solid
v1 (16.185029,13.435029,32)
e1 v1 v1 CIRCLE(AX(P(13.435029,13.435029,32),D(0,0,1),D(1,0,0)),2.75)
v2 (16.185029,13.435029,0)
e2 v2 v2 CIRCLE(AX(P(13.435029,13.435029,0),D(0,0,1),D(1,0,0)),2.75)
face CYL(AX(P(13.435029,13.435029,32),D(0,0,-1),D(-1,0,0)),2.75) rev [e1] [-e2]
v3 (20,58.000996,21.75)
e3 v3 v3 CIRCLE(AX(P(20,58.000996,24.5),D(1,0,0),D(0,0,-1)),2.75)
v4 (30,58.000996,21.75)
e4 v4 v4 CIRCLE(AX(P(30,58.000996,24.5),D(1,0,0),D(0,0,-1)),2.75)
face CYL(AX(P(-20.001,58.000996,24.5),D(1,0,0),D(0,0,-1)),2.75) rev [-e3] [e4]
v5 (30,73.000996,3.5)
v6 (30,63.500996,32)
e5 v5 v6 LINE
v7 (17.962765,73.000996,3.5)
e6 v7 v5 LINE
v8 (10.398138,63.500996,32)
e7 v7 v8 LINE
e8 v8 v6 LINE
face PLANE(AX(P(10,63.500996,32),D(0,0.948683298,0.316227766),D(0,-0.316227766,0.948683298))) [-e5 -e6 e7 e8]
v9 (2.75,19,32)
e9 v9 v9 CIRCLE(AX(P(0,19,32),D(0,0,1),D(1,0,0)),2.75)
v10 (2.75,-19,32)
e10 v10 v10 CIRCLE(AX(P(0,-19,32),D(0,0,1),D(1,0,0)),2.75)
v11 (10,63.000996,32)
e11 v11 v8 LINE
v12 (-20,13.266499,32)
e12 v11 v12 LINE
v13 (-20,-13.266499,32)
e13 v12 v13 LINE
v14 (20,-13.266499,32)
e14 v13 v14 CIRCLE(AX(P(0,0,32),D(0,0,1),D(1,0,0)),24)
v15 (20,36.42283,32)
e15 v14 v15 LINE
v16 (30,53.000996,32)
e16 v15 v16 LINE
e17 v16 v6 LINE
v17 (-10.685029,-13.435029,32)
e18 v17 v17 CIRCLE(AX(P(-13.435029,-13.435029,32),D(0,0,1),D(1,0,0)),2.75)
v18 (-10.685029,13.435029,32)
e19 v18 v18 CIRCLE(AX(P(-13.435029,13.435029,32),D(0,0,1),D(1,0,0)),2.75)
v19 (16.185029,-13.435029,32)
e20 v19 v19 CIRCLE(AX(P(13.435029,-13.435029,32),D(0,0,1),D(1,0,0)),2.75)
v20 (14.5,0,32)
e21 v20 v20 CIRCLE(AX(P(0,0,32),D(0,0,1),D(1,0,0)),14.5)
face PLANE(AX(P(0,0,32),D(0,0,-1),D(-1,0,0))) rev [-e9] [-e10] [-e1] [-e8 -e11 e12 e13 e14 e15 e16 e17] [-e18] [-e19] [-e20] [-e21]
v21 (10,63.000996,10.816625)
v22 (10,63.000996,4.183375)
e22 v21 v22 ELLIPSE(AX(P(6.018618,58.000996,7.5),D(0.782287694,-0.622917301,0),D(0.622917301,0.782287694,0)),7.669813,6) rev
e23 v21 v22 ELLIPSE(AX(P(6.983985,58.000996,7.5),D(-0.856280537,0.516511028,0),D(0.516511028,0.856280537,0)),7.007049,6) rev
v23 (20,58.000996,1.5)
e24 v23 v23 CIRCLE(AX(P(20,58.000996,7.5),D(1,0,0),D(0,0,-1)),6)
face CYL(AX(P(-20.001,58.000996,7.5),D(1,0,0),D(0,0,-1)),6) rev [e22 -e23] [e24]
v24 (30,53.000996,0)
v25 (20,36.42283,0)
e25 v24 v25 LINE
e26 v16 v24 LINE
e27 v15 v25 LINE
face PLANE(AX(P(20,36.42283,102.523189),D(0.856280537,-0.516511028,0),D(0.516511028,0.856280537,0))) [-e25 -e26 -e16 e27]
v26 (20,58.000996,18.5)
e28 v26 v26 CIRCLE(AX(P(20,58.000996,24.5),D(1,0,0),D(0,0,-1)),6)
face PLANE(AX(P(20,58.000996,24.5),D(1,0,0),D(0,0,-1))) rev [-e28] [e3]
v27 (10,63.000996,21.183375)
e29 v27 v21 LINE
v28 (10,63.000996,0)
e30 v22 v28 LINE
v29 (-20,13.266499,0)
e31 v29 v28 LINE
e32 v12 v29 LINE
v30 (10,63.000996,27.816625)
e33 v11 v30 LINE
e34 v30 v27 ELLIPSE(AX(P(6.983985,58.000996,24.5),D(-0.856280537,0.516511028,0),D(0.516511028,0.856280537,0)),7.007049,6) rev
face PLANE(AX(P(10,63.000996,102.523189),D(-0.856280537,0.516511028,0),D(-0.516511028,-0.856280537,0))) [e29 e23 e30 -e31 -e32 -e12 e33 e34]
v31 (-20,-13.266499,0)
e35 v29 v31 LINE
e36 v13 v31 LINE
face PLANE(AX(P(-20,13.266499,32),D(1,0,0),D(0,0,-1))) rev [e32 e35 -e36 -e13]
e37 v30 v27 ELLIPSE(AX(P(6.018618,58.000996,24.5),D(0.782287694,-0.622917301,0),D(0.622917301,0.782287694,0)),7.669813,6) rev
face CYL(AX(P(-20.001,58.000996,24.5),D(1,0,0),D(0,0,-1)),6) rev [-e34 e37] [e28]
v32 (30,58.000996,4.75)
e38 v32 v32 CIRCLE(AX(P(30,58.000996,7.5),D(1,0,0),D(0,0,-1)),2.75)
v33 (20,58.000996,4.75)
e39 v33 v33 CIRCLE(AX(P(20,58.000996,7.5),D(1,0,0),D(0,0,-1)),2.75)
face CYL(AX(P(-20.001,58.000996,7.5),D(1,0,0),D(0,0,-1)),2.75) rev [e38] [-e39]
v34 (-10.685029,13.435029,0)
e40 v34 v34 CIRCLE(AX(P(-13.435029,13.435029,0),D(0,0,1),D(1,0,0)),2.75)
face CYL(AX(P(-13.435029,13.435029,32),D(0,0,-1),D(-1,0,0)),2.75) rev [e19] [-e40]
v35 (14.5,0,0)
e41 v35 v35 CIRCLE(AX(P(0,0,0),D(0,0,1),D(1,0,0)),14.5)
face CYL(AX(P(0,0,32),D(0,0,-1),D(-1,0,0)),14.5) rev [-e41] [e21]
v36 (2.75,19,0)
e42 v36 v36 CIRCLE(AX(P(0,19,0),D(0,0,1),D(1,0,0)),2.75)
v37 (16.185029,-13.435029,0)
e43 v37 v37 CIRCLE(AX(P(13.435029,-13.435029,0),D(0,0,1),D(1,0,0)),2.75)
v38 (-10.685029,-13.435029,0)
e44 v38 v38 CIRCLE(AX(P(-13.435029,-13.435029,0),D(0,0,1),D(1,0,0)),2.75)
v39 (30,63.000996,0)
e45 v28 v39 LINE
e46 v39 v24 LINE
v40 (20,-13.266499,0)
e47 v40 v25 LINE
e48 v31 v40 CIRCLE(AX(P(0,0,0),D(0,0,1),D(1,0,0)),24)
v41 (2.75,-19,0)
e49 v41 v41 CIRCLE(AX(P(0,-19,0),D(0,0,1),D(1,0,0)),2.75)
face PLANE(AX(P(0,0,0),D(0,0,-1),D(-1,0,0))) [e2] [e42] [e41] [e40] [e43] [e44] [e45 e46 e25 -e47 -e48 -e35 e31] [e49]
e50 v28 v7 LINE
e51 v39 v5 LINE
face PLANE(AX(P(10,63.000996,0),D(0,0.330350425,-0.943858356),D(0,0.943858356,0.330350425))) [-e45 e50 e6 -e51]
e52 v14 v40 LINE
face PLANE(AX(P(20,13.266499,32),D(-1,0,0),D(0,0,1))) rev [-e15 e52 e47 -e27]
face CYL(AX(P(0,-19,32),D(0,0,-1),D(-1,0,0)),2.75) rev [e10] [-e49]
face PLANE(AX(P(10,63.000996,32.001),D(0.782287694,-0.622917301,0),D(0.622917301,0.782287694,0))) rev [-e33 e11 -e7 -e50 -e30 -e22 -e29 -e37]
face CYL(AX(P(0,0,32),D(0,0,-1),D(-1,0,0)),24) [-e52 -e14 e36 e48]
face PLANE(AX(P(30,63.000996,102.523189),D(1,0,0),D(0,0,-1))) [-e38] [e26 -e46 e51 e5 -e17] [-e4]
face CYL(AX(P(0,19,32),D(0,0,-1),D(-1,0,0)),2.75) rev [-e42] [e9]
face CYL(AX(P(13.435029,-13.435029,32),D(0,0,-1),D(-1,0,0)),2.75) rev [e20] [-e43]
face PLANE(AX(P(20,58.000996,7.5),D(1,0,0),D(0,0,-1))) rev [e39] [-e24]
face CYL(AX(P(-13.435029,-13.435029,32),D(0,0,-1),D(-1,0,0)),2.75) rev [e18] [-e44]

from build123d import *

# Parameters (mm, degrees)
ESQUISSE2_R             = 2.75
ESQUISSE2_R_2           = 14.5
BOSS_EXTRU_1_DEPTH      = 32
BOSS_EXTRU_4_DEPTH      = 32
ENL_V_MAT_EXTRU_3_REACH = 88.563
ESQUISSE10_R            = 2.75
BOSS_EXTRU_6_DEPTH      = 20
ENL_V_MAT_EXTRU_4_REACH = 87.165
ENL_V_MAT_EXTRU_5_REACH = 91.18
ESQUISSE13_R            = 6


with BuildPart() as part:
    # Esquisse2 → Boss.-Extru.1 (new body)
    with BuildSketch(Plane.XY):
        with BuildLine():
            Line((20, 13.266499161), (20, -13.266499161))
            ThreePointArc((20, -13.266499161), (0, -24), (-20, -13.266499161))
            Line((-20, -13.266499161), (-20, 13.266499161))
            ThreePointArc((-20, 13.266499161), (0, 24), (20, 13.266499161))
        make_face()
        with Locations((0, 19)):
            Circle(ESQUISSE2_R, mode=Mode.SUBTRACT)
        with Locations((-13.435028843, 13.435028843)):
            Circle(ESQUISSE2_R, mode=Mode.SUBTRACT)
        with Locations((13.435028843, 13.435028843)):
            Circle(ESQUISSE2_R, mode=Mode.SUBTRACT)
        with Locations((0, -19)):
            Circle(ESQUISSE2_R, mode=Mode.SUBTRACT)
        with Locations((13.435028843, -13.435028843)):
            Circle(ESQUISSE2_R, mode=Mode.SUBTRACT)
        with Locations((-13.435028843, -13.435028843)):
            Circle(ESQUISSE2_R, mode=Mode.SUBTRACT)
        Circle(ESQUISSE2_R_2, mode=Mode.SUBTRACT)
    extrude(amount=BOSS_EXTRU_1_DEPTH)

    # Esquisse7 → Boss.-Extru.4 (add)
    with BuildSketch(Plane(origin=(0, 0, 0), x_dir=(-1, 0, 0), z_dir=(0, 0, -1))):
        with BuildLine():
            Line((-10, 63.000996071), (20, 13.266499161))
            ThreePointArc((20, 13.266499161), (0, 24), (-20, 13.266499161))
            Line((-20, 13.266499161), (-20, 36.422830435))
            Line((-20, 36.422830435), (-30, 53.000996071))
            Line((-30, 53.000996071), (-30, 63.000996071))
            Line((-30, 63.000996071), (-10, 63.000996071))
        make_face()
    extrude(amount=-BOSS_EXTRU_4_DEPTH)

    # Enlèv. mat.-Extru.3: up to this plane
    enl_v_mat_extru_3_end = Plane(origin=(10, 63.000996071, 102.523188973), z_dir=(-0.8562805371039014, 0.5165110277400223, 0))
    # Esquisse10 → Enlèv. mat.-Extru.3 (cut, up to the surface)
    with BuildSketch(Plane(origin=(30, 0, 0), x_dir=(0, 0, -1), z_dir=(1, 0, 0)), mode=Mode.PRIVATE) as enl_v_mat_extru_3_sk1:
        with Locations((-24.5, 58.000996071)):
            Circle(ESQUISSE10_R)
    enl_v_mat_extru_3_tool1 = split(extrude(enl_v_mat_extru_3_sk1.sketch, amount=-ENL_V_MAT_EXTRU_3_REACH, mode=Mode.PRIVATE), bisect_by=enl_v_mat_extru_3_end, keep=Keep.BOTH, mode=Mode.PRIVATE)
    add(enl_v_mat_extru_3_tool1.solids().sort_by_distance((30, 58.000996, 24.5))[0], mode=Mode.SUBTRACT)
    # Esquisse10 → Enlèv. mat.-Extru.3 (cut, up to the surface)
    with BuildSketch(Plane(origin=(30, 0, 0), x_dir=(0, 0, -1), z_dir=(1, 0, 0)), mode=Mode.PRIVATE) as enl_v_mat_extru_3_sk2:
        with Locations((-7.5, 58.000996071)):
            Circle(ESQUISSE10_R)
    enl_v_mat_extru_3_tool2 = split(extrude(enl_v_mat_extru_3_sk2.sketch, amount=-ENL_V_MAT_EXTRU_3_REACH, mode=Mode.PRIVATE), bisect_by=enl_v_mat_extru_3_end, keep=Keep.BOTH, mode=Mode.PRIVATE)
    add(enl_v_mat_extru_3_tool2.solids().sort_by_distance((30, 58.000996, 7.5))[0], mode=Mode.SUBTRACT)

    # Esquisse11 → Boss.-Extru.6 (add)
    with BuildSketch(Plane(origin=(30, 0, 0), x_dir=(0, 0, -1), z_dir=(1, 0, 0))):
        Polygon((-32, 63.000996071), (0, 63.000996071), (-3.5, 73.000996071), (-32, 63.500996071), align=None)
    extrude(amount=-BOSS_EXTRU_6_DEPTH)

    # Esquisse12 → Enlèv. mat.-Extru.4 (cut, up to next)
    with BuildSketch(Plane(origin=(0, 0, 0), x_dir=(-1, 0, 0), z_dir=(0, 0, -1)), mode=Mode.PRIVATE) as enl_v_mat_extru_4_sk1:
        Polygon((-10, 63.000996071), (-17.962764916, 73.000996071), (-10, 73.000996071), align=None)
    enl_v_mat_extru_4_tool1 = extrude(enl_v_mat_extru_4_sk1.sketch, amount=-ENL_V_MAT_EXTRU_4_REACH, mode=Mode.PRIVATE) & part.part
    add(enl_v_mat_extru_4_tool1.solids().sort_by_distance((12.654255, 69.667663, 0))[0], mode=Mode.SUBTRACT)

    # Esquisse13 → Enlèv. mat.-Extru.5 (cut, up to next)
    with BuildSketch(Plane(origin=(20, 0, 0), x_dir=(0, 0, -1), z_dir=(1, 0, 0)), mode=Mode.PRIVATE) as enl_v_mat_extru_5_sk1:
        with Locations((-7.5, 58.000996071)):
            Circle(ESQUISSE13_R)
    enl_v_mat_extru_5_tool1 = extrude(enl_v_mat_extru_5_sk1.sketch, amount=-ENL_V_MAT_EXTRU_5_REACH, mode=Mode.PRIVATE) & part.part
    # Esquisse13 → Enlèv. mat.-Extru.5 (cut, up to next)
    with BuildSketch(Plane(origin=(20, 0, 0), x_dir=(0, 0, -1), z_dir=(1, 0, 0)), mode=Mode.PRIVATE) as enl_v_mat_extru_5_sk2:
        with Locations((-24.5, 58.000996071)):
            Circle(ESQUISSE13_R)
    enl_v_mat_extru_5_tool2 = extrude(enl_v_mat_extru_5_sk2.sketch, amount=-ENL_V_MAT_EXTRU_5_REACH, mode=Mode.PRIVATE) & part.part
    add(enl_v_mat_extru_5_tool1.solids().sort_by_distance((20, 58.000996, 7.5))[0], mode=Mode.SUBTRACT)
    add(enl_v_mat_extru_5_tool2.solids().sort_by_distance((20, 58.000996, 24.5))[0], mode=Mode.SUBTRACT)


solid = part.part
